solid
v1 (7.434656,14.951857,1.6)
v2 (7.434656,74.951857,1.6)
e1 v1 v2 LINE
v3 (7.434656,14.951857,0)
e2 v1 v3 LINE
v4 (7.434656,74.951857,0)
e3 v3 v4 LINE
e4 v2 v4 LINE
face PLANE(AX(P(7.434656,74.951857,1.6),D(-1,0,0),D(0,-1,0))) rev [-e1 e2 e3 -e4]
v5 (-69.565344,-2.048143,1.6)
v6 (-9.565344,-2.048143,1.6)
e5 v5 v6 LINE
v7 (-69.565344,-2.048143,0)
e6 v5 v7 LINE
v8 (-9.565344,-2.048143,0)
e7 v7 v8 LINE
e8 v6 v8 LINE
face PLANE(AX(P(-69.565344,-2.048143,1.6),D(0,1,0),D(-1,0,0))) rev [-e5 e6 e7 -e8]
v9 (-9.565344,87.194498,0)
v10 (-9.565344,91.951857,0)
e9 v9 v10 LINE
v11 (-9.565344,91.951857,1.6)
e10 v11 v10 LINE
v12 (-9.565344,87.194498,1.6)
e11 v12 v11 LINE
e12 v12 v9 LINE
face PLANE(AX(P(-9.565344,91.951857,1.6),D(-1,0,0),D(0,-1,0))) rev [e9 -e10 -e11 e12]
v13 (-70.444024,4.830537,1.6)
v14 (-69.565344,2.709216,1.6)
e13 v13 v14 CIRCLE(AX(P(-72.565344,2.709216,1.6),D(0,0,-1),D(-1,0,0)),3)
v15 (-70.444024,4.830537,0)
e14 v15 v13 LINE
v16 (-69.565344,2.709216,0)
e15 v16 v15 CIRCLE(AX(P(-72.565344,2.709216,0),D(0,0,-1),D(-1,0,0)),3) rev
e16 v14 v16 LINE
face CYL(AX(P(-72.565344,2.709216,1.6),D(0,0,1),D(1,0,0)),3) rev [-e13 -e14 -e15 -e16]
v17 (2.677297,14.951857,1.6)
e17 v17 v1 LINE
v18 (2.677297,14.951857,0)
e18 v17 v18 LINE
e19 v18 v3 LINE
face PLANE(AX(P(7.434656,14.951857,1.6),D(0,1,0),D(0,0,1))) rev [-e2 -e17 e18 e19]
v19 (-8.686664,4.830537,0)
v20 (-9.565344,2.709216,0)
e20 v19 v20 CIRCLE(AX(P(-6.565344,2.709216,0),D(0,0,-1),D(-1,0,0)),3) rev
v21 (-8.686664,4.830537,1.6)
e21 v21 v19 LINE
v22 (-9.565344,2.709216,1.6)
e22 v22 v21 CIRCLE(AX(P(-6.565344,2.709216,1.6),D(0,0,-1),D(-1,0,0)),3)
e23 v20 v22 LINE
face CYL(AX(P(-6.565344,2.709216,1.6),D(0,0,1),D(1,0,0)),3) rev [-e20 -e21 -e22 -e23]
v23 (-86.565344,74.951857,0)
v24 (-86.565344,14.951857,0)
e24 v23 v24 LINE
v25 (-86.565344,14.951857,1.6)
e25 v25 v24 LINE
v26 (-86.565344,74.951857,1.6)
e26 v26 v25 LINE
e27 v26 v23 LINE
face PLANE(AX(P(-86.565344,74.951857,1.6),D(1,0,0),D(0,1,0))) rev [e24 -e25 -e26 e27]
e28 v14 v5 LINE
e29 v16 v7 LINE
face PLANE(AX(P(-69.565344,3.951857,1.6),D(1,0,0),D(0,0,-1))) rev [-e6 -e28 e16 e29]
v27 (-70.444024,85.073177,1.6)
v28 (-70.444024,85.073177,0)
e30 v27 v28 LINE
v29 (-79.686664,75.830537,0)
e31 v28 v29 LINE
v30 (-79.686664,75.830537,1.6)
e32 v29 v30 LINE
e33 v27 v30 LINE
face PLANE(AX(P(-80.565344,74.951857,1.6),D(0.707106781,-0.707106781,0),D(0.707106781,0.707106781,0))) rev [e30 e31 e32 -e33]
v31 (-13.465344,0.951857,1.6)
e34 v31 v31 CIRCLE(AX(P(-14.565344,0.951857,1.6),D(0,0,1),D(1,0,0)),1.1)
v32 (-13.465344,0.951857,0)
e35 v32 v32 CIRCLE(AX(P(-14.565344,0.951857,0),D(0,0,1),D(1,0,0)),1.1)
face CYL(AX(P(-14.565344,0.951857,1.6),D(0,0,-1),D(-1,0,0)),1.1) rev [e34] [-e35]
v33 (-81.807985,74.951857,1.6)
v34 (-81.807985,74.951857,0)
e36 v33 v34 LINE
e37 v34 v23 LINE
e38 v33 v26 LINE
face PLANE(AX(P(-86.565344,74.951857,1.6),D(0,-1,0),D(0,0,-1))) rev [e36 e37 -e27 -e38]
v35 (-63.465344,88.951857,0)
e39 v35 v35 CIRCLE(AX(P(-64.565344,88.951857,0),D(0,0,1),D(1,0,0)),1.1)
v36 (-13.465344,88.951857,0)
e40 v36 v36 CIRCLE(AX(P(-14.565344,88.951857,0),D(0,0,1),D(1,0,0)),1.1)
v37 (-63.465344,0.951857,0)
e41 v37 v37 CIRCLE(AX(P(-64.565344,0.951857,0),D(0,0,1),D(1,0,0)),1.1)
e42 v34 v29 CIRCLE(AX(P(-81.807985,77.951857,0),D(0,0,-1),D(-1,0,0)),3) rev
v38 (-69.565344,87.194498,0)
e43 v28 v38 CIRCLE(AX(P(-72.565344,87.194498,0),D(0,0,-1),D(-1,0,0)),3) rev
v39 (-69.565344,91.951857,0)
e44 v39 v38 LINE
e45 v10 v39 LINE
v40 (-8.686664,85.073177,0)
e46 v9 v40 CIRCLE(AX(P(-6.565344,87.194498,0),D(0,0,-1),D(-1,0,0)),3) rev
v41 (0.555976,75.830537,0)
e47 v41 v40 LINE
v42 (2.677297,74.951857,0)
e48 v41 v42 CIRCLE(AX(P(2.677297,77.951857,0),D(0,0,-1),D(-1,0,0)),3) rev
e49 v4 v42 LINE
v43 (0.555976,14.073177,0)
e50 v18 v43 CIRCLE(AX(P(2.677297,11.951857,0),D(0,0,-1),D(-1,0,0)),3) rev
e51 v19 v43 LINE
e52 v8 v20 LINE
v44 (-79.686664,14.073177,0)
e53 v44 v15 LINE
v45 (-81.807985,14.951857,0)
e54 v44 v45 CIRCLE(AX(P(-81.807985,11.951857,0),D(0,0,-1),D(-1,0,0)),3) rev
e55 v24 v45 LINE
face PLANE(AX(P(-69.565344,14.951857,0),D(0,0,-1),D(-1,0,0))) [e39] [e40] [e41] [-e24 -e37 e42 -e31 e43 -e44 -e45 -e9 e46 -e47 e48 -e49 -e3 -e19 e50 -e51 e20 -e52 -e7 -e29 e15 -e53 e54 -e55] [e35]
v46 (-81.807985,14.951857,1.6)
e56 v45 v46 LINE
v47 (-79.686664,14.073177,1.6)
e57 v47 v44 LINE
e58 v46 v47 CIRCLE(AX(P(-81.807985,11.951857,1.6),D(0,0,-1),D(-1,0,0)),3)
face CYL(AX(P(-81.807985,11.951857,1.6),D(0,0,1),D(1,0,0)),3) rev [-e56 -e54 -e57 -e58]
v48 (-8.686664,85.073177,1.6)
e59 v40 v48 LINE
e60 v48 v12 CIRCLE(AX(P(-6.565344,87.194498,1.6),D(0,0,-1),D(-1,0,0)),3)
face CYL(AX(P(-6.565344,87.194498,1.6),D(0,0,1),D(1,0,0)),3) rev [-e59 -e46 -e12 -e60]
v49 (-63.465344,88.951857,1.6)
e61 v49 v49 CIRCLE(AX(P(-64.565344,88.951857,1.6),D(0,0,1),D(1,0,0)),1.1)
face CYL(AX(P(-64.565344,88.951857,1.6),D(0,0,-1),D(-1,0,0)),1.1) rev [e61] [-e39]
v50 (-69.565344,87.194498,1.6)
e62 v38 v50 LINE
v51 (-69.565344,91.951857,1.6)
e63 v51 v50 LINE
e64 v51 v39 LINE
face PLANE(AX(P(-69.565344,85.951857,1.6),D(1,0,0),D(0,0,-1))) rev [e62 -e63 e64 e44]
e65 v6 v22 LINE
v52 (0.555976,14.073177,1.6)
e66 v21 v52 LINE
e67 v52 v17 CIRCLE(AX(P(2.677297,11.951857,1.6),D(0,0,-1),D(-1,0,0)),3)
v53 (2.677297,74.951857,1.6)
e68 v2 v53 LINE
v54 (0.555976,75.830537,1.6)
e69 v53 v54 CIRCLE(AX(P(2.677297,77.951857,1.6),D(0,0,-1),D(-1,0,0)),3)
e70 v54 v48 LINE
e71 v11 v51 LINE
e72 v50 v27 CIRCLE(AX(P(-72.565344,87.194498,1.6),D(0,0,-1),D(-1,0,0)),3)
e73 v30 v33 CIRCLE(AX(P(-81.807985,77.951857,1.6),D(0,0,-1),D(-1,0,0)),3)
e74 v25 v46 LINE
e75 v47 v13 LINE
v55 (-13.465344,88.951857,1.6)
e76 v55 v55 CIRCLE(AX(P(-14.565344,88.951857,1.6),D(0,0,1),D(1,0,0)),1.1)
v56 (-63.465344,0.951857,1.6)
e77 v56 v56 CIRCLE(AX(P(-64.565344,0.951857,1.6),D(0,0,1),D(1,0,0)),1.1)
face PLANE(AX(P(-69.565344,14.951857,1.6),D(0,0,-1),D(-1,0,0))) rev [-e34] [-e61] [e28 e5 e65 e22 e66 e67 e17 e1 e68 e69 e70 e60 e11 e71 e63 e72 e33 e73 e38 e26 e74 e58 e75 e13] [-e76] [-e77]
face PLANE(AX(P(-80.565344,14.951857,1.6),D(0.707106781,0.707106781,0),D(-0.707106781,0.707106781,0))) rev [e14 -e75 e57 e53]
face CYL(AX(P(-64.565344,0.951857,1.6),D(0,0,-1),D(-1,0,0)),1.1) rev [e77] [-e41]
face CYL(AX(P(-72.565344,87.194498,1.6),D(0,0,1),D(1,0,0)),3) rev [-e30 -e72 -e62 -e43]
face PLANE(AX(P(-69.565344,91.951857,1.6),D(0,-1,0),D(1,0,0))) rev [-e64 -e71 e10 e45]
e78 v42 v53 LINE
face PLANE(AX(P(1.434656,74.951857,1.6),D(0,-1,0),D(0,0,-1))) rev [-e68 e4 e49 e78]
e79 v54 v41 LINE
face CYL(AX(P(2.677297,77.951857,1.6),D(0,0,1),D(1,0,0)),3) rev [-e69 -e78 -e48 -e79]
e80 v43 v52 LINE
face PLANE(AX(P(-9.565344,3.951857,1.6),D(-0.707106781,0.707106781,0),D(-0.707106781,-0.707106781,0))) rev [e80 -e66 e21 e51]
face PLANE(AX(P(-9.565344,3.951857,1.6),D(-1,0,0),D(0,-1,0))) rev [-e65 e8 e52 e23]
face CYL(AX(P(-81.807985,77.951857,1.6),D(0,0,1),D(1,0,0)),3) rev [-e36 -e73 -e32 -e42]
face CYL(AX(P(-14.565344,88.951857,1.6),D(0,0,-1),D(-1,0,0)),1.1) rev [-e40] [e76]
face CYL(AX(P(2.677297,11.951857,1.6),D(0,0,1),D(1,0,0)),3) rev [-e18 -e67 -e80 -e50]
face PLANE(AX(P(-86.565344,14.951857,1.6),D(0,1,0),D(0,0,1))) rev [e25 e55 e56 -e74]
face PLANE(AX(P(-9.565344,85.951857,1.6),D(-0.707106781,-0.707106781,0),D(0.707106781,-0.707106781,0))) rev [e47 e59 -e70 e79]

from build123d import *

# Parameters (mm, degrees)
SKETCH2_R           = 1.1
BOSS_EXTRUDE1_DEPTH = 1.6
FILLET2_R           = 3


with BuildPart() as part:
    # Sketch2 → Boss-Extrude1 (new body)
    with BuildSketch(Plane.XY):
        Polygon((-86.56534388, 74.95185693), (-86.56534388, 14.95185693), (-80.56534388, 14.95185693), (-69.56534388, 3.95185693), (-69.56534388, -2.04814307), (-9.56534388, -2.04814307), (-9.56534388, 3.95185693), (1.43465612, 14.95185693), (7.43465612, 14.95185693), (7.43465612, 74.95185693), (1.43465612, 74.95185693), (-9.56534388, 85.95185693), (-9.56534388, 91.95185693), (-69.56534388, 91.95185693), (-69.56534388, 85.95185693), (-80.56534388, 74.95185693), align=None)
        with Locations((-64.56534388, 88.95185693)):
            Circle(SKETCH2_R, mode=Mode.SUBTRACT)
        with Locations((-64.56534388, 0.95185693)):
            Circle(SKETCH2_R, mode=Mode.SUBTRACT)
        with Locations((-14.56534388, 88.95185693)):
            Circle(SKETCH2_R, mode=Mode.SUBTRACT)
        with Locations((-14.56534388, 0.95185693)):
            Circle(SKETCH2_R, mode=Mode.SUBTRACT)
    extrude(amount=BOSS_EXTRUDE1_DEPTH)

    # Fillet2
    fillet2_edges = [part.edges().sort_by_distance(p)[0] for p in [
        (-80.56534388, 74.95185693, 0.8),
        (-69.56534388, 85.95185693, 0.8),
        (-9.56534388, 85.95185693, 0.8),
        (1.43465612, 74.95185693, 0.8),
        (1.43465612, 14.95185693, 0.8),
        (-9.56534388, 3.95185693, 0.8),
        (-69.56534388, 3.95185693, 0.8),
        (-80.56534388, 14.95185693, 0.8),
    ]]
    fillet(fillet2_edges, radius=FILLET2_R)


solid = part.part
